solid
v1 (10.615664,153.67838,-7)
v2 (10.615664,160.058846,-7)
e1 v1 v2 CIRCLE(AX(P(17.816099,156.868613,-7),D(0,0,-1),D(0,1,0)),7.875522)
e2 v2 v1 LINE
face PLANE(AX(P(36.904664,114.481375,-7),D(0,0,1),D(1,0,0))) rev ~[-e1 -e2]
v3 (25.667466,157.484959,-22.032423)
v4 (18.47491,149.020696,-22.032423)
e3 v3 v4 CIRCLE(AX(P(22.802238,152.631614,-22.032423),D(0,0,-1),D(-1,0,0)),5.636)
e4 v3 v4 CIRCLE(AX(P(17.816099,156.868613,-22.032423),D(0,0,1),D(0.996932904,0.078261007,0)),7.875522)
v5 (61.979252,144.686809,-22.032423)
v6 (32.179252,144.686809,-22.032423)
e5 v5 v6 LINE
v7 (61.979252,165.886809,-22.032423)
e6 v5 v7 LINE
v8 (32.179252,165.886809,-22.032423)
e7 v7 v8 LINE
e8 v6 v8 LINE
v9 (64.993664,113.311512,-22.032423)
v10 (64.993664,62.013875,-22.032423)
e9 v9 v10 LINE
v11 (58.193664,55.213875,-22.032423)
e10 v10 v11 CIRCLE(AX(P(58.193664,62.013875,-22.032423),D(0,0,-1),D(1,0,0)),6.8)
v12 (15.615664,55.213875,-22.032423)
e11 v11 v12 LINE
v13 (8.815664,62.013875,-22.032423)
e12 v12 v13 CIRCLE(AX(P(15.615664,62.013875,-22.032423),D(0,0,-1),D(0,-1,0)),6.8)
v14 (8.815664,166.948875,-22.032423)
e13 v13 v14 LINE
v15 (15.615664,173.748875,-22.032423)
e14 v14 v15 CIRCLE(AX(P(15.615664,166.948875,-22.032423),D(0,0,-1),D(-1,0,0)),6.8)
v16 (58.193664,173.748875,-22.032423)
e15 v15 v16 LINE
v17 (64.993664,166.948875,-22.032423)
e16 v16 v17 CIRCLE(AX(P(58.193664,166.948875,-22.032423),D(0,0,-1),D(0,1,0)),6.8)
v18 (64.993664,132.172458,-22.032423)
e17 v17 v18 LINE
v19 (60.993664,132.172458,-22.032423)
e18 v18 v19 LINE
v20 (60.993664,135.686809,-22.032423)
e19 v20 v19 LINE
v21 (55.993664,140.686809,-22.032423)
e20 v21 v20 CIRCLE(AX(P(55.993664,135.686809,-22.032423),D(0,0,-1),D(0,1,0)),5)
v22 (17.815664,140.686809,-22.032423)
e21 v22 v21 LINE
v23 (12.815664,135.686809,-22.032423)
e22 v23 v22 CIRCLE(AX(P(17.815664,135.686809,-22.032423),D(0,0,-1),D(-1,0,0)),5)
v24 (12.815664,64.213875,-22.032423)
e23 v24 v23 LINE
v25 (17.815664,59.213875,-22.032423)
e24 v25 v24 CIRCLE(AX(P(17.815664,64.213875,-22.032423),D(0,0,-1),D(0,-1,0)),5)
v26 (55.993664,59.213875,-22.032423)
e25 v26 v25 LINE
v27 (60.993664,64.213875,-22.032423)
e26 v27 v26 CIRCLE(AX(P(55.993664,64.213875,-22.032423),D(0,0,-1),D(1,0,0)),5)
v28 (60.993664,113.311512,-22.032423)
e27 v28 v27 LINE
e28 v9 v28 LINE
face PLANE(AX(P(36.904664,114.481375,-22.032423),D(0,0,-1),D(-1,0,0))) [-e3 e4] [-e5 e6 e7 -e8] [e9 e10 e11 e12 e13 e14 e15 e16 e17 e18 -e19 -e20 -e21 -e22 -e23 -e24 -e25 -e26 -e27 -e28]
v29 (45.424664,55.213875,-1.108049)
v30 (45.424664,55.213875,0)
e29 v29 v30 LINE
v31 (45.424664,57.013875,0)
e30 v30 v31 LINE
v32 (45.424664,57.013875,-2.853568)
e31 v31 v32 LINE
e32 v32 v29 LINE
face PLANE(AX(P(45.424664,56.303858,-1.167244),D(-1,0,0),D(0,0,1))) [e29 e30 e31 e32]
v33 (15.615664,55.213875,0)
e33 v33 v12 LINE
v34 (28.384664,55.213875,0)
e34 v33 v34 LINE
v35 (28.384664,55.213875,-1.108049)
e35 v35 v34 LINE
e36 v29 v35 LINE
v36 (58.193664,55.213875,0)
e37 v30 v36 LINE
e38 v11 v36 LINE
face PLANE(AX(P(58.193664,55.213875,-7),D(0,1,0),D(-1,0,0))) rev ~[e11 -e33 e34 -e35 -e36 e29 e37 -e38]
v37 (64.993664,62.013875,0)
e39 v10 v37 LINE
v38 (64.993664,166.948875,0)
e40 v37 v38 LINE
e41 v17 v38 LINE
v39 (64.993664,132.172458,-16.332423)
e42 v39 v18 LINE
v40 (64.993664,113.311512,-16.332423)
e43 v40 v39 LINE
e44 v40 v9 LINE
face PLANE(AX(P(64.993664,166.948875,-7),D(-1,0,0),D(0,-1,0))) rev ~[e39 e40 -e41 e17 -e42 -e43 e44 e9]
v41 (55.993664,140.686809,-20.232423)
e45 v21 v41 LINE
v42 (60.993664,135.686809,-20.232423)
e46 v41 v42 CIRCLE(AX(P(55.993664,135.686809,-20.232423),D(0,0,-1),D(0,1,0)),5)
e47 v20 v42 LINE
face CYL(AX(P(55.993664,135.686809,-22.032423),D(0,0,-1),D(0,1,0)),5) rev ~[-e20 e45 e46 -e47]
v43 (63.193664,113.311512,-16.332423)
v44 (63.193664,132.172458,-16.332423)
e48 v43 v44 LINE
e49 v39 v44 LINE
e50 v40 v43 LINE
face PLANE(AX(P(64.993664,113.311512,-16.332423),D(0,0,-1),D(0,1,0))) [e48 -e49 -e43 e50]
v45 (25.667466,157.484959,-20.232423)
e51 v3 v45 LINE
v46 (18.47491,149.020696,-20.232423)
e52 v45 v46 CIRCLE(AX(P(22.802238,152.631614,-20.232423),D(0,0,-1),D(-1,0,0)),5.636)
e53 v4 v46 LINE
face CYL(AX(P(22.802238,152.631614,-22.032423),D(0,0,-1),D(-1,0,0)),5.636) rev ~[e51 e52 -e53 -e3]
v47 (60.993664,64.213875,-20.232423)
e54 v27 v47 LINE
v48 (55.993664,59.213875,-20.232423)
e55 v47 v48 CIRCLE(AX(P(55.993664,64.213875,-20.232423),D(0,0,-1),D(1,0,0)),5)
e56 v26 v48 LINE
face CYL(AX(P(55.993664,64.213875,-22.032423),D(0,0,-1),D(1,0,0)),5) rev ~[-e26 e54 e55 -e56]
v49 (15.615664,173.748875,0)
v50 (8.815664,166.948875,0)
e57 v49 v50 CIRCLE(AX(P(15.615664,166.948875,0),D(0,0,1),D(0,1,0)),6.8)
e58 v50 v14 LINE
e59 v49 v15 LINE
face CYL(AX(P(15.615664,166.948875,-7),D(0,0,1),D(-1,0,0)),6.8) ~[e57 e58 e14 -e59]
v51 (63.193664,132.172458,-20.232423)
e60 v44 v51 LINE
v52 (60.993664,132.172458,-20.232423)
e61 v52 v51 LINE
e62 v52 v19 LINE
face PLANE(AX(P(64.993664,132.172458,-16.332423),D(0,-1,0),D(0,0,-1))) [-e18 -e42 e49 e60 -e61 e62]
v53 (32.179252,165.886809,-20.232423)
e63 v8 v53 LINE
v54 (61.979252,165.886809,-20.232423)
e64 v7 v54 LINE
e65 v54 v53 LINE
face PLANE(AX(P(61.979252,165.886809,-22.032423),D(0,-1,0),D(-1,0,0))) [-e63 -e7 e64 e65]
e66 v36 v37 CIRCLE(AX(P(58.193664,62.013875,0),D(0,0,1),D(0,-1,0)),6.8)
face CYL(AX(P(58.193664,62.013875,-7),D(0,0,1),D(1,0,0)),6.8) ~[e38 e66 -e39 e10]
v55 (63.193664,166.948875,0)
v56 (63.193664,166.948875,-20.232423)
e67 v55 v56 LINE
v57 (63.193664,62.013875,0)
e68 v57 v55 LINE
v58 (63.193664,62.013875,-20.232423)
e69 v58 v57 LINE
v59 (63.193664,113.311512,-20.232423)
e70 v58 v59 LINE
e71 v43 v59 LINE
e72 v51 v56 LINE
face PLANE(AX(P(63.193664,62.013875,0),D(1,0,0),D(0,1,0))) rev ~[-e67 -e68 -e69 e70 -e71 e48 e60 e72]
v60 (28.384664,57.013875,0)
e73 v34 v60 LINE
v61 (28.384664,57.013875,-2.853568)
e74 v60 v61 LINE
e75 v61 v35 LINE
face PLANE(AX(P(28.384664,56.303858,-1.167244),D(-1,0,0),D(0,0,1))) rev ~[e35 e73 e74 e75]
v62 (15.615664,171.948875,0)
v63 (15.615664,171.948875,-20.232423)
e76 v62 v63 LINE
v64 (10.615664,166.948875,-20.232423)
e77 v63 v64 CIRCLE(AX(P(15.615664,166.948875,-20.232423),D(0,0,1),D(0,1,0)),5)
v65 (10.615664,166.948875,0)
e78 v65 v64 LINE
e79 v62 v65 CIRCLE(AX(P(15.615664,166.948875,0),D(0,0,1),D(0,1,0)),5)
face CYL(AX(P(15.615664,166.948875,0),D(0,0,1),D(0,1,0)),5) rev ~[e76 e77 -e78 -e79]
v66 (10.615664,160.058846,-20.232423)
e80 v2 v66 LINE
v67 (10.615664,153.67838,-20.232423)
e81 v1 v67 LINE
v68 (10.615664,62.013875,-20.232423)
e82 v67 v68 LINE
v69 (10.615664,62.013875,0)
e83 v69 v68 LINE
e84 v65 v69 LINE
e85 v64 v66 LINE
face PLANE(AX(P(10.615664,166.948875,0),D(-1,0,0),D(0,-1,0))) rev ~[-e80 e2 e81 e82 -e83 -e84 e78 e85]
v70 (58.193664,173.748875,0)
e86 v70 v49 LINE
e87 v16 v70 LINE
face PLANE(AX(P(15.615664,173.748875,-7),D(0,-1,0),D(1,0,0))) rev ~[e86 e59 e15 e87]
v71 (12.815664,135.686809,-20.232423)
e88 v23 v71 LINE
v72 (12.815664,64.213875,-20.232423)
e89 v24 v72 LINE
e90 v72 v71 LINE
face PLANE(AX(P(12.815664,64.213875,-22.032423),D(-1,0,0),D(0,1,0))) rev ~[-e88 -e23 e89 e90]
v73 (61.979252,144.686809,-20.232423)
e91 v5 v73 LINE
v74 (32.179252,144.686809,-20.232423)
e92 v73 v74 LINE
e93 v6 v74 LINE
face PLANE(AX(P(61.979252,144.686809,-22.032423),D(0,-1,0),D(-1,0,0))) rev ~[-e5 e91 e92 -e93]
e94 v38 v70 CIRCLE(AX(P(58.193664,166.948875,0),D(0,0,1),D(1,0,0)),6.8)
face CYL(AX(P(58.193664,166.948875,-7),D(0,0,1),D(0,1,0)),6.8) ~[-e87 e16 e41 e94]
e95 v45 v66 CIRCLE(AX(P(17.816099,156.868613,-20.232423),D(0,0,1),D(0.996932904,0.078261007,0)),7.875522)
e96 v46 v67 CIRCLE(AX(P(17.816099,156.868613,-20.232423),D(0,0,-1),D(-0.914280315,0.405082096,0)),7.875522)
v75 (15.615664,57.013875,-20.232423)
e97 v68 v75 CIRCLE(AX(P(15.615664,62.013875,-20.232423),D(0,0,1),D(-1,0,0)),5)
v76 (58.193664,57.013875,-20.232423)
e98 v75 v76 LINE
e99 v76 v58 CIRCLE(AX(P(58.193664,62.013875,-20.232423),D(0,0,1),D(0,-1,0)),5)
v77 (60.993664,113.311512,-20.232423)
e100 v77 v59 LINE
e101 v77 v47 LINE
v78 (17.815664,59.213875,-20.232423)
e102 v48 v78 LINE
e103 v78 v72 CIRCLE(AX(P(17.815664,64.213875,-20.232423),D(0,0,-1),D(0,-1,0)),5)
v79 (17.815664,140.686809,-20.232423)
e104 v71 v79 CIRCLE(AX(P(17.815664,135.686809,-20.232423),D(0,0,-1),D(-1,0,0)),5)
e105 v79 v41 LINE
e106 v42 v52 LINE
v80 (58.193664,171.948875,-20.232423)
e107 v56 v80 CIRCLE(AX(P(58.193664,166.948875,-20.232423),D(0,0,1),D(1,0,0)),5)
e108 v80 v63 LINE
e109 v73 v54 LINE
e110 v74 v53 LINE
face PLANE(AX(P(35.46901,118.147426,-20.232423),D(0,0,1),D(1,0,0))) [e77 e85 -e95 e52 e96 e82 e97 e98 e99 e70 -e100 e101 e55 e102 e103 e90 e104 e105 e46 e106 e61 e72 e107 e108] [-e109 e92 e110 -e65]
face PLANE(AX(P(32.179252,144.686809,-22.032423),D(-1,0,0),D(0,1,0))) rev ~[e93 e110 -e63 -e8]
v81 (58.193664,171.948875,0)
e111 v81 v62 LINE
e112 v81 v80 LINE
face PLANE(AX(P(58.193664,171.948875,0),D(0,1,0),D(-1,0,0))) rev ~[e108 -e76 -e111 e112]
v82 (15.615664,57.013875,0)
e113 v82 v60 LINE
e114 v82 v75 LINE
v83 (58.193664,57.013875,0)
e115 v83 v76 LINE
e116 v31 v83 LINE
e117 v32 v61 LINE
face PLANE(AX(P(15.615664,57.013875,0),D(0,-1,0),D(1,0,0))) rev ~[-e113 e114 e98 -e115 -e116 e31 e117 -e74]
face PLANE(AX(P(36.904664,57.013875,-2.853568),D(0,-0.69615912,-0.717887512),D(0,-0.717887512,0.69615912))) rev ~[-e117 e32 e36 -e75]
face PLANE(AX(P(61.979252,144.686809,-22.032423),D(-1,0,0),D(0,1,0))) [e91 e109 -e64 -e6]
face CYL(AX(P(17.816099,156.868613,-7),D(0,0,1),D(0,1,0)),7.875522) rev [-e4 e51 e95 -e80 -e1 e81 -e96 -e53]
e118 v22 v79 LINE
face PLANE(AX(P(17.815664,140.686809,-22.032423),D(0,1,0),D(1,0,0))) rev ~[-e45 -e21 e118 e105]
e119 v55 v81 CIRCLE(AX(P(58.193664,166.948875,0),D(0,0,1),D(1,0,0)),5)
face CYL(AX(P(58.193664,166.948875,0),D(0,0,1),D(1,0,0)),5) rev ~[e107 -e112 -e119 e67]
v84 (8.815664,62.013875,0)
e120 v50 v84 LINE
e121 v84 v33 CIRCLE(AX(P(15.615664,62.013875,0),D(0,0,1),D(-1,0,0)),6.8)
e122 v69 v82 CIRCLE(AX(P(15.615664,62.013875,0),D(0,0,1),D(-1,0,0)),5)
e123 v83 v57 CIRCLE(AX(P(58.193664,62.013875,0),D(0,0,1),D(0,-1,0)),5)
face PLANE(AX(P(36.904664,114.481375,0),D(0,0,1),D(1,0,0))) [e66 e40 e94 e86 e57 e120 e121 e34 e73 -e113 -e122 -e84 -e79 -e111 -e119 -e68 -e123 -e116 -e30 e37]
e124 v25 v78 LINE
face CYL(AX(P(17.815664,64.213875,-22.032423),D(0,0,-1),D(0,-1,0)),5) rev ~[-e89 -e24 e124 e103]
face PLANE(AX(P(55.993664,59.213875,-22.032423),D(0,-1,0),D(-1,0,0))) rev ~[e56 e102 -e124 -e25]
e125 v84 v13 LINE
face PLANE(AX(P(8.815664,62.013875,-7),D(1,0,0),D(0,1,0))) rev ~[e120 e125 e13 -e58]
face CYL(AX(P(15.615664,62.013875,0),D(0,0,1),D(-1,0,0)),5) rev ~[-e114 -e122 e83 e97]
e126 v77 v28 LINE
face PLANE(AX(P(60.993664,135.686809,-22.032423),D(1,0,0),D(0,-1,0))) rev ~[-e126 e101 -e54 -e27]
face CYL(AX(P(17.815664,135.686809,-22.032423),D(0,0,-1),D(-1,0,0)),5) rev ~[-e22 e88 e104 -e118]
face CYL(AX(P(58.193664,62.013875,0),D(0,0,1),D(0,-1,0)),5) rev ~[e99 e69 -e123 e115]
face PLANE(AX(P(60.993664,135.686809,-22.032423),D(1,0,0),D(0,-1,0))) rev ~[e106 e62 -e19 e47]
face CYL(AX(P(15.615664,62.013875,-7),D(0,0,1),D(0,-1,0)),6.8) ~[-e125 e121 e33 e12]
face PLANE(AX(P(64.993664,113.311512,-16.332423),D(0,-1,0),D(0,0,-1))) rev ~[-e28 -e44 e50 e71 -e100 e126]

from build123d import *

# Parameters (mm, degrees)
BOSS_EXTRUDE1_DEPTH = 6.999999996
SKETCH2_R           = 7.875521796
BOSS_EXTRUDE2_DEPTH = 15.032422661
SKETCH3_R           = 5.636
SKETCH3_W           = 29.8
SKETCH3_H           = 21.2
CUT_EXTRUDE1_DEPTH  = 6.88
CUT_EXTRUDE2_DEPTH  = 13.232422661
SKETCH5_W           = 6.5
SKETCH5_H           = 18.860946171
CUT_EXTRUDE3_DEPTH  = 6.88
CUT_EXTRUDE4_DEPTH  = 8.52


with BuildPart() as part:
    # Sketch1 → Boss-Extrude1 (new body)
    with BuildSketch(Plane.XY):
        with BuildLine():
            Line((64.993664433, 62.013874967), (64.993664433, 166.948874967))
            ThreePointArc((64.993664433, 166.948874967), (63.001990545, 171.757201079), (58.193664433, 173.748874967))
            Line((58.193664433, 173.748874967), (15.615664433, 173.748874967))
            ThreePointArc((15.615664433, 173.748874967), (10.807338321, 171.757201079), (8.815664433, 166.948874967))
            Line((8.815664433, 166.948874967), (8.815664433, 62.013874967))
            ThreePointArc((8.815664433, 62.013874967), (10.807338321, 57.205548855), (15.615664433, 55.213874967))
            Line((15.615664433, 55.213874967), (58.193664433, 55.213874967))
            ThreePointArc((58.193664433, 55.213874967), (63.001990545, 57.205548855), (64.993664433, 62.013874967))
        make_face()
        with BuildLine():
            Line((63.193664433, 62.013874967), (63.193664433, 166.948874967))
            ThreePointArc((63.193664433, 166.948874967), (61.729198339, 170.484408873), (58.193664433, 171.948874967))
            Line((58.193664433, 171.948874967), (15.615664433, 171.948874967))
            ThreePointArc((15.615664433, 171.948874967), (12.080130527, 170.484408873), (10.615664433, 166.948874967))
            Line((10.615664433, 166.948874967), (10.615664433, 62.013874967))
            ThreePointArc((10.615664433, 62.013874967), (12.080130527, 58.478341061), (15.615664433, 57.013874967))
            Line((15.615664433, 57.013874967), (58.193664433, 57.013874967))
            ThreePointArc((58.193664433, 57.013874967), (61.729198339, 58.478341061), (63.193664433, 62.013874967))
        make_face(mode=Mode.SUBTRACT)
    extrude(amount=-BOSS_EXTRUDE1_DEPTH)

    # Sketch2 → Boss-Extrude2 (add)
    with BuildSketch(Plane(origin=(0, 0, -6.999999996), x_dir=(-1, 0, 0), z_dir=(0, 0, -1))):
        with BuildLine():
            Line((-58.193664433, 55.213874967), (-15.615664433, 55.213874967))
            ThreePointArc((-15.615664433, 55.213874967), (-10.807338321, 57.205548855), (-8.815664433, 62.013874967))
            Line((-8.815664433, 62.013874967), (-8.815664433, 166.948874967))
            ThreePointArc((-8.815664433, 166.948874967), (-10.807338321, 171.757201079), (-15.615664433, 173.748874967))
            Line((-15.615664433, 173.748874967), (-58.193664433, 173.748874967))
            ThreePointArc((-58.193664433, 173.748874967), (-63.001990545, 171.757201079), (-64.993664433, 166.948874967))
            Line((-64.993664433, 166.948874967), (-64.993664433, 62.013874967))
            ThreePointArc((-64.993664433, 62.013874967), (-63.001990545, 57.205548855), (-58.193664433, 55.213874967))
        make_face()
        with Locations(Location((-17.816098985, 156.86861317, 0), (0, 0, 90))):
            Circle(SKETCH2_R, mode=Mode.SUBTRACT)
    extrude(amount=BOSS_EXTRUDE2_DEPTH)

    # Sketch3 → Cut-Extrude1 (cut)
    with BuildSketch(Plane(origin=(0, 0, -22.032422657), x_dir=(-1, 0, 0), z_dir=(0, 0, -1))):
        with Locations((-22.802237874, 152.631613686)):
            Circle(SKETCH3_R)
        with BuildLine():
            Line((-60.993664433, 135.686808525), (-60.993664433, 64.213874967))
            ThreePointArc((-60.993664433, 64.213874967), (-59.529198339, 60.678341061), (-55.993664433, 59.213874967))
            Line((-55.993664433, 59.213874967), (-17.815664433, 59.213874967))
            ThreePointArc((-17.815664433, 59.213874967), (-14.280130527, 60.678341061), (-12.815664433, 64.213874967))
            Line((-12.815664433, 64.213874967), (-12.815664433, 135.686808525))
            ThreePointArc((-12.815664433, 135.686808525), (-14.280130527, 139.222342431), (-17.815664433, 140.686808525))
            Line((-17.815664433, 140.686808525), (-55.993664433, 140.686808525))
            ThreePointArc((-55.993664433, 140.686808525), (-59.529198339, 139.222342431), (-60.993664433, 135.686808525))
        make_face()
        with Locations((-47.079251594, 155.286808525)):
            Rectangle(SKETCH3_W, SKETCH3_H)
    extrude(amount=-CUT_EXTRUDE1_DEPTH, mode=Mode.SUBTRACT)

    # Sketch4 → Cut-Extrude2 (cut)
    with BuildSketch(Plane.XY.offset(-6.999999996)):
        with BuildLine():
            Line((15.615664433, 57.013874967), (58.193664433, 57.013874967))
            ThreePointArc((58.193664433, 57.013874967), (61.729198339, 58.478341061), (63.193664433, 62.013874967))
            Line((63.193664433, 62.013874967), (63.193664433, 166.948874967))
            ThreePointArc((63.193664433, 166.948874967), (61.729198339, 170.484408873), (58.193664433, 171.948874967))
            Line((58.193664433, 171.948874967), (15.615664433, 171.948874967))
            ThreePointArc((15.615664433, 171.948874967), (12.080130527, 170.484408873), (10.615664433, 166.948874967))
            Line((10.615664433, 166.948874967), (10.615664433, 160.058846048))
            ThreePointArc((10.615664433, 160.058846048), (25.691620781, 156.86861317), (10.615664433, 153.678380292))
            Line((10.615664433, 153.678380292), (10.615664433, 62.013874967))
            ThreePointArc((10.615664433, 62.013874967), (12.080130527, 58.478341061), (15.615664433, 57.013874967))
        make_face()
    extrude(amount=-CUT_EXTRUDE2_DEPTH, mode=Mode.SUBTRACT)

    # Sketch5 → Cut-Extrude3 (cut)
    with BuildSketch(Plane(origin=(64.993664433, 0, 0), x_dir=(0, 0, -1), z_dir=(1, 0, 0))):
        with Locations((19.582422658, 122.741984607)):
            Rectangle(SKETCH5_W, SKETCH5_H)
    extrude(amount=-CUT_EXTRUDE3_DEPTH, mode=Mode.SUBTRACT)

    # Sketch6 → Cut-Extrude4 (cut, symmetric)
    with BuildSketch(Plane.ZY.offset(-36.904664433)):
        Polygon((0, 57.013874967), (-2.853568486, 57.013874967), (-1.108049312, 55.213874967), (0, 55.213874967), align=None)
    extrude(amount=CUT_EXTRUDE4_DEPTH, both=True, mode=Mode.SUBTRACT)


solid = part.part
